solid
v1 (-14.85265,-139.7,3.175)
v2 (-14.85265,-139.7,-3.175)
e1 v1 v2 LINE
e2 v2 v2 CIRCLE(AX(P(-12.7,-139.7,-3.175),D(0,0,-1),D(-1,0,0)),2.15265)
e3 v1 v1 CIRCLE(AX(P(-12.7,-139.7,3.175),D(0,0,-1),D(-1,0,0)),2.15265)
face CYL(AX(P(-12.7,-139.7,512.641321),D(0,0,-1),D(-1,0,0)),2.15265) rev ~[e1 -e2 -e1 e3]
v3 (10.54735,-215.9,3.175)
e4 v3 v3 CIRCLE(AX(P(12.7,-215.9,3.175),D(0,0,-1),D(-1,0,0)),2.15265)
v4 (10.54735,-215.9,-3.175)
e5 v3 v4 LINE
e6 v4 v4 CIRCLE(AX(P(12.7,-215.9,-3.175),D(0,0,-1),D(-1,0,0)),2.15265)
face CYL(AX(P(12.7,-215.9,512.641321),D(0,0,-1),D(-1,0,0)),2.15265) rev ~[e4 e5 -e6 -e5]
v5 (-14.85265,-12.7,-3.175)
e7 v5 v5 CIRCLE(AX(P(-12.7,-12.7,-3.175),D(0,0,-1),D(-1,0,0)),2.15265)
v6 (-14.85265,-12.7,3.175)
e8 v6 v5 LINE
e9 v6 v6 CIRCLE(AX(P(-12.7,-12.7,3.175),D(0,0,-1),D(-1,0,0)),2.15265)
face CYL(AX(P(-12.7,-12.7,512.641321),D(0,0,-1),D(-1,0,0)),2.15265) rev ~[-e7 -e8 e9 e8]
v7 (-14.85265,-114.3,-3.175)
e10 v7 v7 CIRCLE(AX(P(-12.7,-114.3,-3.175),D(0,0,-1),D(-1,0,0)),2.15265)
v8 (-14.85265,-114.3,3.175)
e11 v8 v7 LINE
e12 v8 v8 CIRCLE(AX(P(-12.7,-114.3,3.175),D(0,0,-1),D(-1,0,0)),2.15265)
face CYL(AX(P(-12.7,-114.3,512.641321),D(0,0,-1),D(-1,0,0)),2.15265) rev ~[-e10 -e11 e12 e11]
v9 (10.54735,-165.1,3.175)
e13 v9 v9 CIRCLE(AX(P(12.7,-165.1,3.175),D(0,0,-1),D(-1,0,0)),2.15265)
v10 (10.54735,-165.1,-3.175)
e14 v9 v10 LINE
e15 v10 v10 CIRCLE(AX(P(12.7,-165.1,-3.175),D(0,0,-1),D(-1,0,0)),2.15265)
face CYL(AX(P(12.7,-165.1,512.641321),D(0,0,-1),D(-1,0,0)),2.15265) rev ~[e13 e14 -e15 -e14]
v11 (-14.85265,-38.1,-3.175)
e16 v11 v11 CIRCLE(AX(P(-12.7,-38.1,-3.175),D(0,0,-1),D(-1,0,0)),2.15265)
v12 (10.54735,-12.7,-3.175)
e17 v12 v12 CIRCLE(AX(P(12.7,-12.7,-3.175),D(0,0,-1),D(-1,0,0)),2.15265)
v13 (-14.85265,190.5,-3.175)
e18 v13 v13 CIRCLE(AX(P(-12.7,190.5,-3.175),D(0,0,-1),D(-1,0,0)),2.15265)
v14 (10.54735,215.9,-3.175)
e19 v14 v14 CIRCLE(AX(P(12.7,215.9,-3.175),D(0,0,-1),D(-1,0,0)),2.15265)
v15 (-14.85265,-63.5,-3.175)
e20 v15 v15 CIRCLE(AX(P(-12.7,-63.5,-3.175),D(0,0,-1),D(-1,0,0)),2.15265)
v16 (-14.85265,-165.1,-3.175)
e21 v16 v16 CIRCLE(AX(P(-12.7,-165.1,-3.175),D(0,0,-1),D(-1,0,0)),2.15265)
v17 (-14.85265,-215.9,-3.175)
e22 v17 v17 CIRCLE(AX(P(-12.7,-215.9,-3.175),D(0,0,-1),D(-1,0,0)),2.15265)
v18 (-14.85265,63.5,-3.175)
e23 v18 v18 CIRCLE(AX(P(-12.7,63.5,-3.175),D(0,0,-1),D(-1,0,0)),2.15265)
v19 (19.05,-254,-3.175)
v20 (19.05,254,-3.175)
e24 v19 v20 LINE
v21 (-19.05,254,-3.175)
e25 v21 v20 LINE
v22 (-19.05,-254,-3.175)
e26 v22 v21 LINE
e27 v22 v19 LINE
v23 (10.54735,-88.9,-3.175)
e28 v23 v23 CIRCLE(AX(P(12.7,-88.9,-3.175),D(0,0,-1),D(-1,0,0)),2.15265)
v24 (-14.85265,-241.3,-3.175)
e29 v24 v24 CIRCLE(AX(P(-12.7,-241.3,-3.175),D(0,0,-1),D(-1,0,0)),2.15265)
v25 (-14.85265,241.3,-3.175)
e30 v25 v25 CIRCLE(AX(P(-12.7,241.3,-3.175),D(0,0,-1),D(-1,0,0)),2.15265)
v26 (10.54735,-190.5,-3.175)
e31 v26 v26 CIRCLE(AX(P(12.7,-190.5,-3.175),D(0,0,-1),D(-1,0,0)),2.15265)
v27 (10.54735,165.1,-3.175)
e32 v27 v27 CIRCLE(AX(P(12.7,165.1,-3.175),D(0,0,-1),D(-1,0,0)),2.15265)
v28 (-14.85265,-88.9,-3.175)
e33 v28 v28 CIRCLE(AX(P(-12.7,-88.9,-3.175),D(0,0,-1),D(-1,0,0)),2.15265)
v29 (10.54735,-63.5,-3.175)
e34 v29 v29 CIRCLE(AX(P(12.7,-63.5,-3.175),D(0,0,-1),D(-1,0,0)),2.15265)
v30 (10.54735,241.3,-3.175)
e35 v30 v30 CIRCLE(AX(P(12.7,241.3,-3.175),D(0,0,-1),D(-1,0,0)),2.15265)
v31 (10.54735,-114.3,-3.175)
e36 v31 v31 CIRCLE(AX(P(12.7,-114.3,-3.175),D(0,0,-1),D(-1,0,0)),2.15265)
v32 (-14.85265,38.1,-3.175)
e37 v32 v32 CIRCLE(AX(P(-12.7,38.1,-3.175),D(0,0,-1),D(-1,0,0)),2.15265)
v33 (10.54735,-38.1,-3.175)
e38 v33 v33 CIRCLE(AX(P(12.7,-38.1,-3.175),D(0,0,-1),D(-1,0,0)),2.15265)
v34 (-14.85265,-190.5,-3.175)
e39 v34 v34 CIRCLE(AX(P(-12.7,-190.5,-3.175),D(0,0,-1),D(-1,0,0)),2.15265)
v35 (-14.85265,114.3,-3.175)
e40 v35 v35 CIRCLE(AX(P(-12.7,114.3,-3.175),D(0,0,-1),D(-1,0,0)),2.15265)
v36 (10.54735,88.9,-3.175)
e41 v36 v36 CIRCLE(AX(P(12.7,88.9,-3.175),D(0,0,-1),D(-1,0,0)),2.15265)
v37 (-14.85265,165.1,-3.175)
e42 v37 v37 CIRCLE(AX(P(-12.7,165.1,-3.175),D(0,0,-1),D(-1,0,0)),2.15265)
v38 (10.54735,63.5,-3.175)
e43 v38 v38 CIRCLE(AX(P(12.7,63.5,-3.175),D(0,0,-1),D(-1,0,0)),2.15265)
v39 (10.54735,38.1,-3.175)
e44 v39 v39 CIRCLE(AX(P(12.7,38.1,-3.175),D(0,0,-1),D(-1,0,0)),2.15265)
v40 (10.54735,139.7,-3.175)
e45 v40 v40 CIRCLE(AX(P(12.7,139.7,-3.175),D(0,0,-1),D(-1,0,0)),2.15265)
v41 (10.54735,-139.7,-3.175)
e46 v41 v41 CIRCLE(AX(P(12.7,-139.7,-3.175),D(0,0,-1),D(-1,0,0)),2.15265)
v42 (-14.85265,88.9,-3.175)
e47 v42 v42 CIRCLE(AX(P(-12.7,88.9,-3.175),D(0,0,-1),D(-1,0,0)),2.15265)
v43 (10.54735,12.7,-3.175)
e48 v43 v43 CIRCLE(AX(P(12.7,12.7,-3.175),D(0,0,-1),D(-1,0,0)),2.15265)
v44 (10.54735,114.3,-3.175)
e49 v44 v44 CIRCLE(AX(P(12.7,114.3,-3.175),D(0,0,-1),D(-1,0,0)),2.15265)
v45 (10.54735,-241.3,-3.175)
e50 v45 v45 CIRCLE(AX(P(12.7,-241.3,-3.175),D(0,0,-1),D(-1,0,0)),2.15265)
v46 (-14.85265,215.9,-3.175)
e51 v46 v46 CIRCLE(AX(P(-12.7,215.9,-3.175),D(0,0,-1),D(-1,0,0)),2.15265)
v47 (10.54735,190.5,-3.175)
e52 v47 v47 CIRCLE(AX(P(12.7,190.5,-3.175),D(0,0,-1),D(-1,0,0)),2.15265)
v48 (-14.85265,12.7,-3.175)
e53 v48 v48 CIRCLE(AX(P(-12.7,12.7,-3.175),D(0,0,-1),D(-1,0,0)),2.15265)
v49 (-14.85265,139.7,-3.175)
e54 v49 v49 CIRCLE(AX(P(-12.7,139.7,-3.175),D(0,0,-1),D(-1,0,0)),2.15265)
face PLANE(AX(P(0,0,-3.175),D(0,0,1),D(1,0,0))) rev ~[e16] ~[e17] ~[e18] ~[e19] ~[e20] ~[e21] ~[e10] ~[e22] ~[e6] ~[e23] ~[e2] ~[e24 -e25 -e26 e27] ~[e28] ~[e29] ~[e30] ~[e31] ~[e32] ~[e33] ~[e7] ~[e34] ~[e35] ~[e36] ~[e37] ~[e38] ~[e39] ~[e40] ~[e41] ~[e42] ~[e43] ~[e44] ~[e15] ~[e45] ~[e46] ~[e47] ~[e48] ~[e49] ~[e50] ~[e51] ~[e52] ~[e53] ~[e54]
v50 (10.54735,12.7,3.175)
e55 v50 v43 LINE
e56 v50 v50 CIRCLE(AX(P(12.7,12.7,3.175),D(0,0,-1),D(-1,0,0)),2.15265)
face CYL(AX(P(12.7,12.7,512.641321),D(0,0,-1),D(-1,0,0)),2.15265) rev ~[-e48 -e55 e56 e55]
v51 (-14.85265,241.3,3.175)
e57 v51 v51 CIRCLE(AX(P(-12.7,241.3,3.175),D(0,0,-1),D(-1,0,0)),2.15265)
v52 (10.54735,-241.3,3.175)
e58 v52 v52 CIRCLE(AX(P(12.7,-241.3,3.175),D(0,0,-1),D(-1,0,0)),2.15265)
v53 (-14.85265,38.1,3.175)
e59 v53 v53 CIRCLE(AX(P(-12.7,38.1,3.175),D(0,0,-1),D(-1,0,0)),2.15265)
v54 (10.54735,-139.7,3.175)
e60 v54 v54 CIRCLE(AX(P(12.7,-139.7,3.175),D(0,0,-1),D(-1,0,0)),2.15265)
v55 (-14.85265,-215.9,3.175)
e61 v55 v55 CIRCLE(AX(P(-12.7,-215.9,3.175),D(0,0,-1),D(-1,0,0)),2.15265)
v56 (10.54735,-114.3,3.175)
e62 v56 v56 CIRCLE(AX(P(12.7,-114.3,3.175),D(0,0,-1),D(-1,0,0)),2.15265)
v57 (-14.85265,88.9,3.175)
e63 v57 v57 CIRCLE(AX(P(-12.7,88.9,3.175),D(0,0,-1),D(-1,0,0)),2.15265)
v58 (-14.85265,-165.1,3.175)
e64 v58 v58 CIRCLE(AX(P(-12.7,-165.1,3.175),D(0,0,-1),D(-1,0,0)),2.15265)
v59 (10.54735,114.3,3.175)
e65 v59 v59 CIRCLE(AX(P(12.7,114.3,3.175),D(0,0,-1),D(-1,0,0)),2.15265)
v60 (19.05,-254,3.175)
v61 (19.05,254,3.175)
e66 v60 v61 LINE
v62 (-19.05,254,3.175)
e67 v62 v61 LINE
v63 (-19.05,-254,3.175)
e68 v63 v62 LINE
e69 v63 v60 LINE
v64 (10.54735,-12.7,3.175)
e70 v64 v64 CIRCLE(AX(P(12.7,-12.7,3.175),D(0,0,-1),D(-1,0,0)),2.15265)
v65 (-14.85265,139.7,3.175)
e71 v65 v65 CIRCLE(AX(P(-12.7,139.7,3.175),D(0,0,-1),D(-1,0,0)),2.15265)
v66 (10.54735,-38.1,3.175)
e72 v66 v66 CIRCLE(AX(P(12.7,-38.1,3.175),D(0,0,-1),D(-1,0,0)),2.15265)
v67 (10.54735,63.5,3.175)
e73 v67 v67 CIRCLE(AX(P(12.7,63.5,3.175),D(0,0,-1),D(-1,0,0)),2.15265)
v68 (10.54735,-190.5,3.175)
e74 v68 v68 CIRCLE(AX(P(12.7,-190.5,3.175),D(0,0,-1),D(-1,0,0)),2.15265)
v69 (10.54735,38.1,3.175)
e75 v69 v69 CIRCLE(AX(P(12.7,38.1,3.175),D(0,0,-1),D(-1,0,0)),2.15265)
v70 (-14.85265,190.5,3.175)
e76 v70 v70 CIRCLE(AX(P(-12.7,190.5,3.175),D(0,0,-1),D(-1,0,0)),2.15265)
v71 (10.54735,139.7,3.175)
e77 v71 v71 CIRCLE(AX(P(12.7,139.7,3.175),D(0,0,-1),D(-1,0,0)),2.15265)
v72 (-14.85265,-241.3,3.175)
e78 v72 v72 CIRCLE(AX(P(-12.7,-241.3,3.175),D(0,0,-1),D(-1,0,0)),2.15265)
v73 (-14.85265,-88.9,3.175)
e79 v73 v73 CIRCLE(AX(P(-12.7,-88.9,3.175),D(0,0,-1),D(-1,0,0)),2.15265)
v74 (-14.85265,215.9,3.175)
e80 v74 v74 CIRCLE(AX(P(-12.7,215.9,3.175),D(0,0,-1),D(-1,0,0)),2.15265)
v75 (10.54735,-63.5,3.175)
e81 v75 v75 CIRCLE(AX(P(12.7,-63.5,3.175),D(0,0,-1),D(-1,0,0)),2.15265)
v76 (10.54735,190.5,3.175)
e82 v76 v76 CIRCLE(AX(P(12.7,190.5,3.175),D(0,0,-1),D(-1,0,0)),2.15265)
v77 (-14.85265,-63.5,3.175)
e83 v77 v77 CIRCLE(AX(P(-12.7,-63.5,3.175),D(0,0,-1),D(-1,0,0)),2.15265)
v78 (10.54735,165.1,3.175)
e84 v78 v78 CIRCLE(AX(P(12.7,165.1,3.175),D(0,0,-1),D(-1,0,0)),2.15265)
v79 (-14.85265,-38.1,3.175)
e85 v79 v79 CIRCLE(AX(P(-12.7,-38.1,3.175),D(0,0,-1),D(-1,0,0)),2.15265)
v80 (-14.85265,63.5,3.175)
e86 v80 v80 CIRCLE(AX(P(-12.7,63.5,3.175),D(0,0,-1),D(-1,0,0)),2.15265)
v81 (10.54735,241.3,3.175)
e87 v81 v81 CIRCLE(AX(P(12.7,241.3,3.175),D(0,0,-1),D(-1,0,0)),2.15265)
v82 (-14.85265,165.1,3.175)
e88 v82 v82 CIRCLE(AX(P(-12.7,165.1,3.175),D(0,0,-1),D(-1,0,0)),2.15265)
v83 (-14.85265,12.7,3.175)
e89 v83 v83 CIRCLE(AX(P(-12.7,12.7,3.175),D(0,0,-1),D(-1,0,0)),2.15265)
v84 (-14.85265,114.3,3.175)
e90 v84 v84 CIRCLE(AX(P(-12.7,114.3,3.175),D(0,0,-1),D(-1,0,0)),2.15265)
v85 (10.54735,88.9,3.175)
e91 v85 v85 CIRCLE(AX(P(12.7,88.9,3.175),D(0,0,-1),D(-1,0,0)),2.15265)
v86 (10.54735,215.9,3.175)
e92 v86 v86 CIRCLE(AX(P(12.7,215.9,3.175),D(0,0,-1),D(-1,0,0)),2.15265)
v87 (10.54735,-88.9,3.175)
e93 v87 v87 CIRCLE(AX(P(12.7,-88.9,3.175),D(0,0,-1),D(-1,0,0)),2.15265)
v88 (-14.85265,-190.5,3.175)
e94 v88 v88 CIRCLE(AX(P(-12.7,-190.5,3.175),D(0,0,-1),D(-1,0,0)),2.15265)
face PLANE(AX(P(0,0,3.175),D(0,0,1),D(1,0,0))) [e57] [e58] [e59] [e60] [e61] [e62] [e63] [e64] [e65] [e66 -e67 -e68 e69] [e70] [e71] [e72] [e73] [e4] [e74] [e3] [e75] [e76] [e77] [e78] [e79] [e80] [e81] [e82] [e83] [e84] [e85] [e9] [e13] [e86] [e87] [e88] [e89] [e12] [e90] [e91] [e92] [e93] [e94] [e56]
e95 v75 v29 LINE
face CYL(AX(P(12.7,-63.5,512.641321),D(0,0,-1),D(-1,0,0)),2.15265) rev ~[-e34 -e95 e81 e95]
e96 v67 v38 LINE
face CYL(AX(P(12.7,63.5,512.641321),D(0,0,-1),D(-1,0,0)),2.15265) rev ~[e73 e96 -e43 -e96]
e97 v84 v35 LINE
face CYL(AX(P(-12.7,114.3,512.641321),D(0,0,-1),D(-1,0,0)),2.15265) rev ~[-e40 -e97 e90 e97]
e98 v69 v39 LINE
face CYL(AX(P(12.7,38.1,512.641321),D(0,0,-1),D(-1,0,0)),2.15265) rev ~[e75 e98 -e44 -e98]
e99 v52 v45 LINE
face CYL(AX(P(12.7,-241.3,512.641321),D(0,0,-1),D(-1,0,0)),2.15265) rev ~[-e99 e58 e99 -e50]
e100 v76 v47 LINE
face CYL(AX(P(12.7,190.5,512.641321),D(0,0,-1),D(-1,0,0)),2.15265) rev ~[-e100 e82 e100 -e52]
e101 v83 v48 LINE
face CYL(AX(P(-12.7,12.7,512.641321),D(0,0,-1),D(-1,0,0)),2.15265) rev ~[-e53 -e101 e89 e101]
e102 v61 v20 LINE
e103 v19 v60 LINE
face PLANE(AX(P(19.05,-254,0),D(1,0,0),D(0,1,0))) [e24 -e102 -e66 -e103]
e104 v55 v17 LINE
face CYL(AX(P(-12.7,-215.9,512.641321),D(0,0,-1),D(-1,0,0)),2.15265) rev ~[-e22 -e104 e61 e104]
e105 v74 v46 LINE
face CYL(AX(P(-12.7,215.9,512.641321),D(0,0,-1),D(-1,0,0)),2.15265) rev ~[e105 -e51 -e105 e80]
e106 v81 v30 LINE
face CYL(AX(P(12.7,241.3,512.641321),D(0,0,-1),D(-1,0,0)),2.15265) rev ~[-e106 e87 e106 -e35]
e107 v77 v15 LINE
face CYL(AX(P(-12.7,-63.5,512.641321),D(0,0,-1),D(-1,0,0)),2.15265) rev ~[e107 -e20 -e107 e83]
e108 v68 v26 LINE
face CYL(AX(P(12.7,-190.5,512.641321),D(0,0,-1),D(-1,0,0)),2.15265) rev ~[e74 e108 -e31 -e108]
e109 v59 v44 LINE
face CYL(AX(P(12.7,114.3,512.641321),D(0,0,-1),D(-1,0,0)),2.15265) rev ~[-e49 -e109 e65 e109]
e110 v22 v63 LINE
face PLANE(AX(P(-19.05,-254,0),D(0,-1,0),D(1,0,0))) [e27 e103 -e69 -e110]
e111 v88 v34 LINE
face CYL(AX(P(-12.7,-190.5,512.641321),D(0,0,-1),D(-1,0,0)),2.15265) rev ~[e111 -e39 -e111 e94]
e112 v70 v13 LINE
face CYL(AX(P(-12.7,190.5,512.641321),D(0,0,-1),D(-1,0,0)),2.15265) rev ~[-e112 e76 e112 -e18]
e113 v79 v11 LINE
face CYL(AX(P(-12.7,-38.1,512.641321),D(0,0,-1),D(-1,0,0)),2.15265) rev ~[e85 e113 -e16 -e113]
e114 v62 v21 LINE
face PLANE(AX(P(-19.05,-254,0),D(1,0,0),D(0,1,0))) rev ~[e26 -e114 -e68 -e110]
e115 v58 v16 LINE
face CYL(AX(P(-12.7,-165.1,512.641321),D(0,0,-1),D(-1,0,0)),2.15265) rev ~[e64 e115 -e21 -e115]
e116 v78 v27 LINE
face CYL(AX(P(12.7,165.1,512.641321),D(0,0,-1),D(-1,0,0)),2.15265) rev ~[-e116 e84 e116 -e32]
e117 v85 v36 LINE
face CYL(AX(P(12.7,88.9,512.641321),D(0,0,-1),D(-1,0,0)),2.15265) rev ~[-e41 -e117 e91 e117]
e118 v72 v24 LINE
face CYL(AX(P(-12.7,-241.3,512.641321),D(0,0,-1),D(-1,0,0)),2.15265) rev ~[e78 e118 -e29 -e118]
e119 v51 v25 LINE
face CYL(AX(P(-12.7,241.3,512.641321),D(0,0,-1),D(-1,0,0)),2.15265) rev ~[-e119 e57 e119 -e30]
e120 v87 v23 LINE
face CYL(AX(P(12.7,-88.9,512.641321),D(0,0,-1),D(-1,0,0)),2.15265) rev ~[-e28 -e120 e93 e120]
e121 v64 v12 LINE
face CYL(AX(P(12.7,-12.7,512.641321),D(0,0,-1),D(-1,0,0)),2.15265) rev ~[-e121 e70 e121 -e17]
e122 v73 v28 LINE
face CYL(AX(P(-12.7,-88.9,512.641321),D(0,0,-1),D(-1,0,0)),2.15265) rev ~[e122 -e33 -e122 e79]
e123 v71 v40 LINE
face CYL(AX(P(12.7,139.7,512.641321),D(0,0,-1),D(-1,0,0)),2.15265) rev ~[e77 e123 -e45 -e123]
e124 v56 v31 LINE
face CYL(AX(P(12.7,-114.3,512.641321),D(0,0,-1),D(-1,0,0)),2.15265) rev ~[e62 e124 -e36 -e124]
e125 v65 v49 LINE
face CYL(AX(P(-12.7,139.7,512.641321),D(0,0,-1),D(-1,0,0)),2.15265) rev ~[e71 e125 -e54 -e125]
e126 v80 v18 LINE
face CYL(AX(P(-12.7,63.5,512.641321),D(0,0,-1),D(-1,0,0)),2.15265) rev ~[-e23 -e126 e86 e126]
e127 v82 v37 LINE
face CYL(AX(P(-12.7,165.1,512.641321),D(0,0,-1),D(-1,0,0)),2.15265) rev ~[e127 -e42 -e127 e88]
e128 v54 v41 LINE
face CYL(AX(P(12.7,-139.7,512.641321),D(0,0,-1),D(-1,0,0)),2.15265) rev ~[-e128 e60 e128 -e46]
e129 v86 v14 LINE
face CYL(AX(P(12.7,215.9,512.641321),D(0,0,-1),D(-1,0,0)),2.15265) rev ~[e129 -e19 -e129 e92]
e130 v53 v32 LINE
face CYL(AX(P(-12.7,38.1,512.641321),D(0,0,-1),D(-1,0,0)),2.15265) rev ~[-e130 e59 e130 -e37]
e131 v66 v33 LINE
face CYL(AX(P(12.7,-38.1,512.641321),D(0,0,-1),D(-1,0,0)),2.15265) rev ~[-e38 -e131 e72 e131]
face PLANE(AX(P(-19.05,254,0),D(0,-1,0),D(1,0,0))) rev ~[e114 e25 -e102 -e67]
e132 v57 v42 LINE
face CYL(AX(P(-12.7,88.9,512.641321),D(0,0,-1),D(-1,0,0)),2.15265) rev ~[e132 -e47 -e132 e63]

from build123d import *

# Parameters (mm, degrees)
SKETCH1_W             = 38.1
SKETCH1_H             = 508
BOSS_EXTRUDE1_DEPTH   = 3.175
F_8_CLEARANCE_HOLE1_D = 4.3053


with BuildPart() as part:
    # Sketch1 → Boss-Extrude1 (new, symmetric)
    with BuildSketch(Plane.XY):
        Rectangle(SKETCH1_W, SKETCH1_H)
    extrude(amount=BOSS_EXTRUDE1_DEPTH, both=True)

    # #8 Clearance Hole1 (through all)
    with Locations(Plane.XY.offset(3.175)):
        with Locations((-12.7, -241.3), (12.7, -241.3), (-12.7, -215.9), (12.7, -215.9), (-12.7, -190.5), (12.7, -190.5), (-12.7, -165.1), (12.7, -165.1), (-12.7, -139.7), (12.7, -139.7), (-12.7, -114.3), (12.7, -114.3), (-12.7, -88.9), (12.7, -88.9), (-12.7, -63.5), (12.7, -63.5), (-12.7, -38.1), (12.7, -38.1), (-12.7, -12.7), (12.7, -12.7), (-12.7, 12.7), (12.7, 12.7), (-12.7, 38.1), (12.7, 38.1), (-12.7, 63.5), (12.7, 63.5), (-12.7, 88.9), (12.7, 88.9), (-12.7, 114.3), (12.7, 114.3), (-12.7, 139.7), (12.7, 139.7), (-12.7, 165.1), (12.7, 165.1), (-12.7, 190.5), (12.7, 190.5), (-12.7, 215.9), (12.7, 215.9), (-12.7, 241.3), (12.7, 241.3)):
            Hole(F_8_CLEARANCE_HOLE1_D / 2)


solid = part.part
